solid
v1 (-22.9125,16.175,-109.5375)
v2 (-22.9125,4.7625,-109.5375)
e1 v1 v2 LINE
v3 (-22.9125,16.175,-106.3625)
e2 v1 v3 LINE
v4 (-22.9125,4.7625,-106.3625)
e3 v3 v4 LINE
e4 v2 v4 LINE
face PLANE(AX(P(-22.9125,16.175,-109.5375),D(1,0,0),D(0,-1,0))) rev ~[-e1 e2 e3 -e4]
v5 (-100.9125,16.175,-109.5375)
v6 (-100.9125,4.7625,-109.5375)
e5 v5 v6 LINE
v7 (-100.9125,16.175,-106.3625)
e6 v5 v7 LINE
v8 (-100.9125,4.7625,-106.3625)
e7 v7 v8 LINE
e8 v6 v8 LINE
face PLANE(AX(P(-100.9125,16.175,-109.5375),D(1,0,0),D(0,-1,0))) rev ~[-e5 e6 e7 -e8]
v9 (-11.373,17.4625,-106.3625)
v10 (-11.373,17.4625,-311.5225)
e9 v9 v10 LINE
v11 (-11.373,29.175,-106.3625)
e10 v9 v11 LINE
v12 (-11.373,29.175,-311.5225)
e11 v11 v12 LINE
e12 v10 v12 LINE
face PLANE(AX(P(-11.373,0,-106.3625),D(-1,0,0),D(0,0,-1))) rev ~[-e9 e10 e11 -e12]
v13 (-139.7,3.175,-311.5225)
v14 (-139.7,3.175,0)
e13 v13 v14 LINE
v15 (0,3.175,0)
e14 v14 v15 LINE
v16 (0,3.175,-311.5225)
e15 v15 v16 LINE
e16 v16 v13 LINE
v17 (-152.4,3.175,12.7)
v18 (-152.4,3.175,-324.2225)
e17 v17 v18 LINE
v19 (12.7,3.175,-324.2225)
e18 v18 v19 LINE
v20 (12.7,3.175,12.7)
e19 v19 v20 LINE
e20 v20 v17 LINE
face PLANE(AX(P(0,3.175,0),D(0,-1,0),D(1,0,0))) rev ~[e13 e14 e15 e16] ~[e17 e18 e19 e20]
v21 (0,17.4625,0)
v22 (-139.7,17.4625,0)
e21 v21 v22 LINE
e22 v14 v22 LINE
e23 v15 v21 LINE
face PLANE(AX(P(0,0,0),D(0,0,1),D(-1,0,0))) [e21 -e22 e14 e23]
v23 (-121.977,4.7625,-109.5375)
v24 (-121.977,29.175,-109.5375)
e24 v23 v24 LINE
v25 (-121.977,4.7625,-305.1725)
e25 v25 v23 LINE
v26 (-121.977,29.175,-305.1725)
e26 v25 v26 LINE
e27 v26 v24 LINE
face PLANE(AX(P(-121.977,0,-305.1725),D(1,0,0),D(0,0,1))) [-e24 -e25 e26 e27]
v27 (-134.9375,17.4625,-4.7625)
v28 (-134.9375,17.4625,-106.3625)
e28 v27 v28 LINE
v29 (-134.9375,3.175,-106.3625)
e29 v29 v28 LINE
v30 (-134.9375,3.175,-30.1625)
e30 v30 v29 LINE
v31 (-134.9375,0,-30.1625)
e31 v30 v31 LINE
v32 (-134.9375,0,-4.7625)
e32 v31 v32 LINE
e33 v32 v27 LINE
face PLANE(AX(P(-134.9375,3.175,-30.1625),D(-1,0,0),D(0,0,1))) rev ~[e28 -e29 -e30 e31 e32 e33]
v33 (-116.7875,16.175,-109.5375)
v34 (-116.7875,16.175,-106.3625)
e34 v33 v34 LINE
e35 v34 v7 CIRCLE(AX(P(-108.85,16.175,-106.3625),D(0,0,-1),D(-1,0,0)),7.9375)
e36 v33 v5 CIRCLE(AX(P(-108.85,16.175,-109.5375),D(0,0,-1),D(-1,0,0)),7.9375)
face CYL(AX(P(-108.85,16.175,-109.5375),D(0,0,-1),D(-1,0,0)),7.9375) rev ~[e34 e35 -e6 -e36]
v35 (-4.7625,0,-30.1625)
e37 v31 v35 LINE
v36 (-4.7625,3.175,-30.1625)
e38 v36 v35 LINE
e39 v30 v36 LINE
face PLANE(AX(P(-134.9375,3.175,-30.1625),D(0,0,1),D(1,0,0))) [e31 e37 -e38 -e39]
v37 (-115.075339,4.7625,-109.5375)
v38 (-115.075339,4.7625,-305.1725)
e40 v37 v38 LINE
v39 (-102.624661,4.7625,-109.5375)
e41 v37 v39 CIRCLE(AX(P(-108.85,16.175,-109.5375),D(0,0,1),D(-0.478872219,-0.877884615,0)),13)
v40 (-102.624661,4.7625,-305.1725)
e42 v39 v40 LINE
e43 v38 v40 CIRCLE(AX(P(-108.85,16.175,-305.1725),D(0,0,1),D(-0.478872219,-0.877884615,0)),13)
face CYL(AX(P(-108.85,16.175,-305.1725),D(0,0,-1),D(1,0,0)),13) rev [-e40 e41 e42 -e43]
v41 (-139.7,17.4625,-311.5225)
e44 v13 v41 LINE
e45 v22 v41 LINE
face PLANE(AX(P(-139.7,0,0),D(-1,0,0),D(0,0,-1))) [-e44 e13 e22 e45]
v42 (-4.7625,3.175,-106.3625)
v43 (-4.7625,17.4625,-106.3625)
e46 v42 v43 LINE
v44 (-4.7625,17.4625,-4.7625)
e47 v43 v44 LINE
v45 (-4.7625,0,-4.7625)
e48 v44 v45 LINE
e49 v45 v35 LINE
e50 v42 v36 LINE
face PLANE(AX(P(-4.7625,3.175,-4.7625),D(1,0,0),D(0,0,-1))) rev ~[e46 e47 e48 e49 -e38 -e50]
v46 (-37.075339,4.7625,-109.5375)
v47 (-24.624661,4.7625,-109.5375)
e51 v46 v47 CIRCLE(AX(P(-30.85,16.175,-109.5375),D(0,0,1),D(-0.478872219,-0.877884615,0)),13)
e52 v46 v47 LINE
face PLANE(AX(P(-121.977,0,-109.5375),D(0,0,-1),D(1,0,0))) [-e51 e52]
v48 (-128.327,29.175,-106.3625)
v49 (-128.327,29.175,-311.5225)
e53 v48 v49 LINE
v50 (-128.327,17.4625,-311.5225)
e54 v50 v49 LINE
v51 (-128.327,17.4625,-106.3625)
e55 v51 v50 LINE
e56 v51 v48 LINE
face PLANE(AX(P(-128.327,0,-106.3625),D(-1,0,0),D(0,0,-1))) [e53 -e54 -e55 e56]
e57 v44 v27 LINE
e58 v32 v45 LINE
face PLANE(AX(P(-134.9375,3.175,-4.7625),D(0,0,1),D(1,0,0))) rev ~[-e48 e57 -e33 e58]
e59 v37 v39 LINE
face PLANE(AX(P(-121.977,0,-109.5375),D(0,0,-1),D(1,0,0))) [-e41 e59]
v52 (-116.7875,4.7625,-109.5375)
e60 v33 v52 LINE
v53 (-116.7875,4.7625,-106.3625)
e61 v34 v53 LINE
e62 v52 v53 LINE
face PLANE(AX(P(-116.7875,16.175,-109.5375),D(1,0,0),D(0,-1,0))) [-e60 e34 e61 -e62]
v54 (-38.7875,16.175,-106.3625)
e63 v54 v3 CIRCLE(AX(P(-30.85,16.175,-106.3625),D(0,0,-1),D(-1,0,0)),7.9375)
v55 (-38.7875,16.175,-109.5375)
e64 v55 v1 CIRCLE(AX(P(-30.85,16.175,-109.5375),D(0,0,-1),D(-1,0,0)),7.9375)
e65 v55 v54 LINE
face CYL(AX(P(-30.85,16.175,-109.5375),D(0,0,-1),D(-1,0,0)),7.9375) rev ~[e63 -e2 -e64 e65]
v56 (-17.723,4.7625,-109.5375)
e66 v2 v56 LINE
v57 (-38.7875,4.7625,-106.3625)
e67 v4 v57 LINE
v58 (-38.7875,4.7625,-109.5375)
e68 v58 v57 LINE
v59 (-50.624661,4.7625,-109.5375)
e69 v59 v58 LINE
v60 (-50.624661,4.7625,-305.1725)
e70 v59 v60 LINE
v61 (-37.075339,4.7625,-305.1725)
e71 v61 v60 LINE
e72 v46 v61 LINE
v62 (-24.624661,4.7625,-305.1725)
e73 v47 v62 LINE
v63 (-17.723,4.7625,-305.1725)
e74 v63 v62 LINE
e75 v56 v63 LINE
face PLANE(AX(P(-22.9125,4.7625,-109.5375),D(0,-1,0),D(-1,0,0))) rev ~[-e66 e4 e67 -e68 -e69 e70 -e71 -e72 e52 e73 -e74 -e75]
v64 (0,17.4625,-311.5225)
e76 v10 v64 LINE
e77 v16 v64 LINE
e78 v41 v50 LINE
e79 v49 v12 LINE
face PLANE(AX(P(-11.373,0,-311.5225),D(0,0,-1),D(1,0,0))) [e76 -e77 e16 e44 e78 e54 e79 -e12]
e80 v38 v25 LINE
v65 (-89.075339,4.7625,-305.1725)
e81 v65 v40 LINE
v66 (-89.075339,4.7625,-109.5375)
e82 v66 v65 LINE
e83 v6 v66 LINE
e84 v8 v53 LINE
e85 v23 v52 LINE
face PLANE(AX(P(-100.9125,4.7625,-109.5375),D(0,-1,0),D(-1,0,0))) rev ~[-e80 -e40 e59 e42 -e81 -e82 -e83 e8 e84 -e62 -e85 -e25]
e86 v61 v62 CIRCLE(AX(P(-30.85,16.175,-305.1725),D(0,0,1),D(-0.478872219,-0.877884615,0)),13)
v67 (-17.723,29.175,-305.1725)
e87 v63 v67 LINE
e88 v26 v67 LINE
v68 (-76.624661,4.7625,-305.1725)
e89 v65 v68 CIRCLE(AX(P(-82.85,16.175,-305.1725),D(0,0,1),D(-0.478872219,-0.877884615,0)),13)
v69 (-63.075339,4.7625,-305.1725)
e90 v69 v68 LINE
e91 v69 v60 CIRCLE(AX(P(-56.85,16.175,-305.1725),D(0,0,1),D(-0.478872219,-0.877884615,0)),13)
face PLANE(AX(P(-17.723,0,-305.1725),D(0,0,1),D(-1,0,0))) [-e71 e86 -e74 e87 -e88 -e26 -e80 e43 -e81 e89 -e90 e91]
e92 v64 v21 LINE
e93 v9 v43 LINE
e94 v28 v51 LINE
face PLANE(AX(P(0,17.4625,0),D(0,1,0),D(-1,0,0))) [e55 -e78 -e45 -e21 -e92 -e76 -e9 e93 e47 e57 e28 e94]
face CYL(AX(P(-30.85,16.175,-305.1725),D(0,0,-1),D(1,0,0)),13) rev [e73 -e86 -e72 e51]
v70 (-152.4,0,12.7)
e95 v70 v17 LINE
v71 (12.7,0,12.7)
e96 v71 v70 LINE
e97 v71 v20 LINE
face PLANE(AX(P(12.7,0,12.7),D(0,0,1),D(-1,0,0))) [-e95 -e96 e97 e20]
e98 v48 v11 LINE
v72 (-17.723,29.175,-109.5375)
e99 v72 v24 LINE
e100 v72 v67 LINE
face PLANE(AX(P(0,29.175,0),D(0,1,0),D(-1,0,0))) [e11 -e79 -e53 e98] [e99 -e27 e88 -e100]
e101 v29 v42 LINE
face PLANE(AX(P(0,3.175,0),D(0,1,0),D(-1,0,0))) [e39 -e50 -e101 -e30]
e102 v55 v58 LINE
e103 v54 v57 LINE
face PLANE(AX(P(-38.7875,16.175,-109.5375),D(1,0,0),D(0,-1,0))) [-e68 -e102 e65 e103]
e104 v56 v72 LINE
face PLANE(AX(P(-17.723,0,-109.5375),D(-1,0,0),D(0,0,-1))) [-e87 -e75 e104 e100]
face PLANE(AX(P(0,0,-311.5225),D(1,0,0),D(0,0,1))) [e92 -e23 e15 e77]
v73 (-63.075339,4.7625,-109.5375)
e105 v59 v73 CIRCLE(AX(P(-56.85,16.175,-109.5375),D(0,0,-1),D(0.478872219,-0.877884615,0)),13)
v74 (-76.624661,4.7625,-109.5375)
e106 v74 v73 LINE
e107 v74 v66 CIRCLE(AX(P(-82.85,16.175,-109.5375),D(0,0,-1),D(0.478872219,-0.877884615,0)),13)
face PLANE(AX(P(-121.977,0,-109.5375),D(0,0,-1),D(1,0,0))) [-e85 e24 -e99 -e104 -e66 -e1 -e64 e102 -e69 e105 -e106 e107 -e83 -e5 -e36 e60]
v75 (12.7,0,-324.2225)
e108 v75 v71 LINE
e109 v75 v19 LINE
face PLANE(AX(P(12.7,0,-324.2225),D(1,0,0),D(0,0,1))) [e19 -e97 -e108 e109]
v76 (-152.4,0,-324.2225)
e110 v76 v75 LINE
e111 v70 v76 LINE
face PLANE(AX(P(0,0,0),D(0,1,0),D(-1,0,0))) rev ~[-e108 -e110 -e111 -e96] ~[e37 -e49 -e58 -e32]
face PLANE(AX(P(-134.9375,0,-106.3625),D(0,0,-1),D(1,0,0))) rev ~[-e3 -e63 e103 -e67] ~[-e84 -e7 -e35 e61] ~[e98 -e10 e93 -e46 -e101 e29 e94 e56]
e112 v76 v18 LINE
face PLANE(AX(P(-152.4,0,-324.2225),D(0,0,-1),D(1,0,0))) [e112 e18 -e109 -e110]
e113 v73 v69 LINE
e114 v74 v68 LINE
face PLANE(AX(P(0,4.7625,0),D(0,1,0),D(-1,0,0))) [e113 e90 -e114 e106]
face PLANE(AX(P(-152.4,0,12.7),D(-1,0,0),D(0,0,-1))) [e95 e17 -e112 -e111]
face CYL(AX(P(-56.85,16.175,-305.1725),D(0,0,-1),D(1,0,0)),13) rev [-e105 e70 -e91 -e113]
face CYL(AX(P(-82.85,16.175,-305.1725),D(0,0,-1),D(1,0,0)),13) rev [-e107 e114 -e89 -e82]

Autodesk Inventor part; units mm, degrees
ref_plane "YZ Plane" through (0, 0, 0) normal (1, 0, 0) x (0, 1, 0)
ref_plane "XZ Plane" through (0, 0, 0) normal (0, 1, 0) x (-1, 0, 0)
sketch "Sketch1" plane through (0, 0, 0) normal (0, 1, 0) x (-1, 0, 0)
  line L0 (0, 0) -> (139.7, 0)
  line L1 (139.7, 0) -> (139.7, -311.5225)
  line L2 (139.7, -311.5225) -> (0, -311.5225)
  line L3 (0, -311.5225) -> (0, 0)
  line L4 (4.7625, -4.7625) -> (134.9375, -4.7625)
  line L5 (134.9375, -4.7625) -> (134.9375, -106.3625)
  line L6 (134.9375, -106.3625) -> (4.7625, -106.3625)
  line L7 (4.7625, -106.3625) -> (4.7625, -4.7625)
  line L8 (121.977, -109.5375) -> (17.723, -109.5375)
  line L9 (17.723, -109.5375) -> (17.723, -305.1725)
  line L10 (17.723, -305.1725) -> (121.977, -305.1725)
  line L11 (121.977, -305.1725) -> (121.977, -109.5375)
  line L12 (128.327, -106.3625) -> (128.327, -311.5225)
  line L13 (11.373, -106.3625) -> (11.373, -311.5225)
  point P0 (69.85, -305.1725)
  point P1 (69.85, -311.5225)
  dimension "d0" = 139.7
  dimension "d1" = 311.5225
  dimension "d2" = 4.7625
  dimension "d3" = 4.7625
  dimension "d4" = 4.7625
  dimension "d5" = 101.6
  dimension "d6" = 104.254
  dimension "d7" = 6.35
  dimension "d8" = 195.635
  dimension "d9" = 6.35
  dimension "d10" = 6.35
extrude "Extrusion1" add sketch "Sketch1" along normal blind 29.175 contours L13 L6 L12 L2
extrude "Extrusion2" add sketch "Sketch1" along normal blind 4.7625 contours L11 L10 L9 L8
extrude "Extrusion3" add sketch "Sketch1" along normal blind 3.175 contours L6 L7 L4 L5
extrude "Extrusion4" add sketch "Sketch1" along normal blind 17.4625 contours L0 L1 L2 L12 L6 L5 L4 L7 L13 L3
sketch "Sketch2" plane through (-121.977, 29.175, -305.1725) normal (0, 0, 1) x (1, 0, 0)
  circle A0 centre (13.127, -13) radius 13
  circle A1 centre (39.127, -13) radius 13
  circle A2 centre (65.127, -13) radius 13
  circle A3 centre (91.127, -13) radius 13
  line L0 (-6.35, 0) -> (110.604, 0) projected
  point P0 (121.977, -29.175)
  point P1 (52.127, -13)
  point P2 (52.127, 0)
  dimension "d20" = 26
  dimension "d21" = 26
  dimension "d19" = 26
  dimension "d22" = 26
extrude "Extrusion5" cut sketch "Sketch2" along normal up to surface (195.635 mm away) contours A0 | A1 | A2 | A3
sketch "Sketch3" plane through (-17.723, 29.175, -109.5375) normal (0, 0, -1) x (-1, 0, 0)
  arc A0 (84.9017, -24.4125) -> (97.3523, -24.4125) centre (91.127, -13) ccw projected
  arc A1 (6.9017, -24.4125) -> (19.3523, -24.4125) centre (13.127, -13) ccw projected
  arc A2 (99.0645, -13) -> (83.1895, -13) centre (91.127, -13) ccw
  arc A3 (21.0645, -13) -> (5.1895, -13) centre (13.127, -13) ccw
  line L0 (97.3523, -24.4125) -> (104.254, -24.4125) projected
  line L1 (71.3523, -24.4125) -> (84.9017, -24.4125) projected
  line L2 (0, -24.4125) -> (6.9017, -24.4125) projected
  line L3 (19.3523, -24.4125) -> (32.9017, -24.4125) projected
  line L4 (99.0645, -13) -> (99.0645, -24.4125)
  line L5 (83.1895, -13) -> (83.1895, -24.4125)
  line L6 (21.0645, -13) -> (21.0645, -24.4125)
  line L7 (5.1895, -13) -> (5.1895, -24.4125)
  line L8 (99.0645, -24.4125) -> (83.1895, -24.4125)
  line L9 (-12.9605, -26) -> (117.2145, -26) projected
  line L10 (5.1895, -24.4125) -> (21.0645, -24.4125)
  point P0 (-17.723, -29.175)
  dimension "d25" = 15.875
  dimension "d26" = 15.875
extrude "Extrusion6" cut sketch "Sketch3" against normal up to surface (3.175 mm away) contours L1 L5 A2 L4 L0 L8 | L2 L7 A3 L6 L3 L10
sketch "Sketch5" plane through (0, 0, 0) normal (0, -1, 0) x (1, 0, 0)
  line L0 (12.7, 12.7) -> (-152.4, 12.7)
  line L1 (-152.4, 12.7) -> (-152.4, -324.2225)
  line L2 (-152.4, -324.2225) -> (12.7, -324.2225)
  line L3 (12.7, -324.2225) -> (12.7, 12.7)
  line L4 (0, 0) -> (0, -311.5225) projected
  line L5 (-139.7, 0) -> (0, 0) projected
  line L6 (-139.7, -311.5225) -> (-139.7, 0) projected
  line L7 (0, -311.5225) -> (-139.7, -311.5225) projected
  dimension "d32" = 12.7
  dimension "d33" = 12.7
  dimension "d34" = 12.7
  dimension "d35" = 12.7
extrude "Extrusion8" add sketch "Sketch5" against normal blind 3.175 contours L3 L2 L1 L0 | L4 L7 L6 L5
sketch "Sketch4" plane through (0, 3.175, 0) normal (0, 1, 0) x (1, 0, 0)
  line L0 (-4.7625, 4.7625) -> (-4.7625, 106.3625) projected
  line L1 (-4.7625, 106.3625) -> (-134.9375, 106.3625) projected
  line L2 (-134.9375, 106.3625) -> (-134.9375, 4.7625) projected
  line L3 (-134.9375, 4.7625) -> (-4.7625, 4.7625) projected
  line L4 (-134.9375, 4.7625) -> (-134.9375, 106.3625) projected
  line L5 (-134.9375, 30.1625) -> (-4.7625, 30.1625)
  line L6 (-4.7625, 4.7625) -> (-4.7625, 106.3625) projected
  line L7 (-134.9375, 30.1625) -> (-134.9375, 4.7625)
  line L8 (-4.7625, 4.7625) -> (-4.7625, 30.1625)
  line L9 (-4.7625, 4.7625) -> (-134.9375, 4.7625)
  line L10 (-134.9375, 4.7625) -> (-4.7625, 4.7625) projected
  point P0 (0, 0)
  dimension "d29" = 25.4
extrude "Extrusion7" cut sketch "Sketch4" against normal blind 17.4625 contours L3 L2 L5 L0
ref_plane "Work Plane1" through (-69.85, 17.4625, 0) normal (1, 0, 0) x (0, 0, -1)
equation "\"d0\" = width"
equation "\"d1\" = length"
equation "\"d8\" = battery_length"
equation "\"d11\" = height"
equation "\"d13\" = bottom_thickness"
equation "\"width\" = 139.7"
equation "\"bottom_thickness\" = 4.7625"
equation "\"battery_length\" = 195.635"
equation "\"length\" = 311.5225"
equation "\"height\" = 29.175"
properties part number "BatteryBox" material "ABS Plastic"
